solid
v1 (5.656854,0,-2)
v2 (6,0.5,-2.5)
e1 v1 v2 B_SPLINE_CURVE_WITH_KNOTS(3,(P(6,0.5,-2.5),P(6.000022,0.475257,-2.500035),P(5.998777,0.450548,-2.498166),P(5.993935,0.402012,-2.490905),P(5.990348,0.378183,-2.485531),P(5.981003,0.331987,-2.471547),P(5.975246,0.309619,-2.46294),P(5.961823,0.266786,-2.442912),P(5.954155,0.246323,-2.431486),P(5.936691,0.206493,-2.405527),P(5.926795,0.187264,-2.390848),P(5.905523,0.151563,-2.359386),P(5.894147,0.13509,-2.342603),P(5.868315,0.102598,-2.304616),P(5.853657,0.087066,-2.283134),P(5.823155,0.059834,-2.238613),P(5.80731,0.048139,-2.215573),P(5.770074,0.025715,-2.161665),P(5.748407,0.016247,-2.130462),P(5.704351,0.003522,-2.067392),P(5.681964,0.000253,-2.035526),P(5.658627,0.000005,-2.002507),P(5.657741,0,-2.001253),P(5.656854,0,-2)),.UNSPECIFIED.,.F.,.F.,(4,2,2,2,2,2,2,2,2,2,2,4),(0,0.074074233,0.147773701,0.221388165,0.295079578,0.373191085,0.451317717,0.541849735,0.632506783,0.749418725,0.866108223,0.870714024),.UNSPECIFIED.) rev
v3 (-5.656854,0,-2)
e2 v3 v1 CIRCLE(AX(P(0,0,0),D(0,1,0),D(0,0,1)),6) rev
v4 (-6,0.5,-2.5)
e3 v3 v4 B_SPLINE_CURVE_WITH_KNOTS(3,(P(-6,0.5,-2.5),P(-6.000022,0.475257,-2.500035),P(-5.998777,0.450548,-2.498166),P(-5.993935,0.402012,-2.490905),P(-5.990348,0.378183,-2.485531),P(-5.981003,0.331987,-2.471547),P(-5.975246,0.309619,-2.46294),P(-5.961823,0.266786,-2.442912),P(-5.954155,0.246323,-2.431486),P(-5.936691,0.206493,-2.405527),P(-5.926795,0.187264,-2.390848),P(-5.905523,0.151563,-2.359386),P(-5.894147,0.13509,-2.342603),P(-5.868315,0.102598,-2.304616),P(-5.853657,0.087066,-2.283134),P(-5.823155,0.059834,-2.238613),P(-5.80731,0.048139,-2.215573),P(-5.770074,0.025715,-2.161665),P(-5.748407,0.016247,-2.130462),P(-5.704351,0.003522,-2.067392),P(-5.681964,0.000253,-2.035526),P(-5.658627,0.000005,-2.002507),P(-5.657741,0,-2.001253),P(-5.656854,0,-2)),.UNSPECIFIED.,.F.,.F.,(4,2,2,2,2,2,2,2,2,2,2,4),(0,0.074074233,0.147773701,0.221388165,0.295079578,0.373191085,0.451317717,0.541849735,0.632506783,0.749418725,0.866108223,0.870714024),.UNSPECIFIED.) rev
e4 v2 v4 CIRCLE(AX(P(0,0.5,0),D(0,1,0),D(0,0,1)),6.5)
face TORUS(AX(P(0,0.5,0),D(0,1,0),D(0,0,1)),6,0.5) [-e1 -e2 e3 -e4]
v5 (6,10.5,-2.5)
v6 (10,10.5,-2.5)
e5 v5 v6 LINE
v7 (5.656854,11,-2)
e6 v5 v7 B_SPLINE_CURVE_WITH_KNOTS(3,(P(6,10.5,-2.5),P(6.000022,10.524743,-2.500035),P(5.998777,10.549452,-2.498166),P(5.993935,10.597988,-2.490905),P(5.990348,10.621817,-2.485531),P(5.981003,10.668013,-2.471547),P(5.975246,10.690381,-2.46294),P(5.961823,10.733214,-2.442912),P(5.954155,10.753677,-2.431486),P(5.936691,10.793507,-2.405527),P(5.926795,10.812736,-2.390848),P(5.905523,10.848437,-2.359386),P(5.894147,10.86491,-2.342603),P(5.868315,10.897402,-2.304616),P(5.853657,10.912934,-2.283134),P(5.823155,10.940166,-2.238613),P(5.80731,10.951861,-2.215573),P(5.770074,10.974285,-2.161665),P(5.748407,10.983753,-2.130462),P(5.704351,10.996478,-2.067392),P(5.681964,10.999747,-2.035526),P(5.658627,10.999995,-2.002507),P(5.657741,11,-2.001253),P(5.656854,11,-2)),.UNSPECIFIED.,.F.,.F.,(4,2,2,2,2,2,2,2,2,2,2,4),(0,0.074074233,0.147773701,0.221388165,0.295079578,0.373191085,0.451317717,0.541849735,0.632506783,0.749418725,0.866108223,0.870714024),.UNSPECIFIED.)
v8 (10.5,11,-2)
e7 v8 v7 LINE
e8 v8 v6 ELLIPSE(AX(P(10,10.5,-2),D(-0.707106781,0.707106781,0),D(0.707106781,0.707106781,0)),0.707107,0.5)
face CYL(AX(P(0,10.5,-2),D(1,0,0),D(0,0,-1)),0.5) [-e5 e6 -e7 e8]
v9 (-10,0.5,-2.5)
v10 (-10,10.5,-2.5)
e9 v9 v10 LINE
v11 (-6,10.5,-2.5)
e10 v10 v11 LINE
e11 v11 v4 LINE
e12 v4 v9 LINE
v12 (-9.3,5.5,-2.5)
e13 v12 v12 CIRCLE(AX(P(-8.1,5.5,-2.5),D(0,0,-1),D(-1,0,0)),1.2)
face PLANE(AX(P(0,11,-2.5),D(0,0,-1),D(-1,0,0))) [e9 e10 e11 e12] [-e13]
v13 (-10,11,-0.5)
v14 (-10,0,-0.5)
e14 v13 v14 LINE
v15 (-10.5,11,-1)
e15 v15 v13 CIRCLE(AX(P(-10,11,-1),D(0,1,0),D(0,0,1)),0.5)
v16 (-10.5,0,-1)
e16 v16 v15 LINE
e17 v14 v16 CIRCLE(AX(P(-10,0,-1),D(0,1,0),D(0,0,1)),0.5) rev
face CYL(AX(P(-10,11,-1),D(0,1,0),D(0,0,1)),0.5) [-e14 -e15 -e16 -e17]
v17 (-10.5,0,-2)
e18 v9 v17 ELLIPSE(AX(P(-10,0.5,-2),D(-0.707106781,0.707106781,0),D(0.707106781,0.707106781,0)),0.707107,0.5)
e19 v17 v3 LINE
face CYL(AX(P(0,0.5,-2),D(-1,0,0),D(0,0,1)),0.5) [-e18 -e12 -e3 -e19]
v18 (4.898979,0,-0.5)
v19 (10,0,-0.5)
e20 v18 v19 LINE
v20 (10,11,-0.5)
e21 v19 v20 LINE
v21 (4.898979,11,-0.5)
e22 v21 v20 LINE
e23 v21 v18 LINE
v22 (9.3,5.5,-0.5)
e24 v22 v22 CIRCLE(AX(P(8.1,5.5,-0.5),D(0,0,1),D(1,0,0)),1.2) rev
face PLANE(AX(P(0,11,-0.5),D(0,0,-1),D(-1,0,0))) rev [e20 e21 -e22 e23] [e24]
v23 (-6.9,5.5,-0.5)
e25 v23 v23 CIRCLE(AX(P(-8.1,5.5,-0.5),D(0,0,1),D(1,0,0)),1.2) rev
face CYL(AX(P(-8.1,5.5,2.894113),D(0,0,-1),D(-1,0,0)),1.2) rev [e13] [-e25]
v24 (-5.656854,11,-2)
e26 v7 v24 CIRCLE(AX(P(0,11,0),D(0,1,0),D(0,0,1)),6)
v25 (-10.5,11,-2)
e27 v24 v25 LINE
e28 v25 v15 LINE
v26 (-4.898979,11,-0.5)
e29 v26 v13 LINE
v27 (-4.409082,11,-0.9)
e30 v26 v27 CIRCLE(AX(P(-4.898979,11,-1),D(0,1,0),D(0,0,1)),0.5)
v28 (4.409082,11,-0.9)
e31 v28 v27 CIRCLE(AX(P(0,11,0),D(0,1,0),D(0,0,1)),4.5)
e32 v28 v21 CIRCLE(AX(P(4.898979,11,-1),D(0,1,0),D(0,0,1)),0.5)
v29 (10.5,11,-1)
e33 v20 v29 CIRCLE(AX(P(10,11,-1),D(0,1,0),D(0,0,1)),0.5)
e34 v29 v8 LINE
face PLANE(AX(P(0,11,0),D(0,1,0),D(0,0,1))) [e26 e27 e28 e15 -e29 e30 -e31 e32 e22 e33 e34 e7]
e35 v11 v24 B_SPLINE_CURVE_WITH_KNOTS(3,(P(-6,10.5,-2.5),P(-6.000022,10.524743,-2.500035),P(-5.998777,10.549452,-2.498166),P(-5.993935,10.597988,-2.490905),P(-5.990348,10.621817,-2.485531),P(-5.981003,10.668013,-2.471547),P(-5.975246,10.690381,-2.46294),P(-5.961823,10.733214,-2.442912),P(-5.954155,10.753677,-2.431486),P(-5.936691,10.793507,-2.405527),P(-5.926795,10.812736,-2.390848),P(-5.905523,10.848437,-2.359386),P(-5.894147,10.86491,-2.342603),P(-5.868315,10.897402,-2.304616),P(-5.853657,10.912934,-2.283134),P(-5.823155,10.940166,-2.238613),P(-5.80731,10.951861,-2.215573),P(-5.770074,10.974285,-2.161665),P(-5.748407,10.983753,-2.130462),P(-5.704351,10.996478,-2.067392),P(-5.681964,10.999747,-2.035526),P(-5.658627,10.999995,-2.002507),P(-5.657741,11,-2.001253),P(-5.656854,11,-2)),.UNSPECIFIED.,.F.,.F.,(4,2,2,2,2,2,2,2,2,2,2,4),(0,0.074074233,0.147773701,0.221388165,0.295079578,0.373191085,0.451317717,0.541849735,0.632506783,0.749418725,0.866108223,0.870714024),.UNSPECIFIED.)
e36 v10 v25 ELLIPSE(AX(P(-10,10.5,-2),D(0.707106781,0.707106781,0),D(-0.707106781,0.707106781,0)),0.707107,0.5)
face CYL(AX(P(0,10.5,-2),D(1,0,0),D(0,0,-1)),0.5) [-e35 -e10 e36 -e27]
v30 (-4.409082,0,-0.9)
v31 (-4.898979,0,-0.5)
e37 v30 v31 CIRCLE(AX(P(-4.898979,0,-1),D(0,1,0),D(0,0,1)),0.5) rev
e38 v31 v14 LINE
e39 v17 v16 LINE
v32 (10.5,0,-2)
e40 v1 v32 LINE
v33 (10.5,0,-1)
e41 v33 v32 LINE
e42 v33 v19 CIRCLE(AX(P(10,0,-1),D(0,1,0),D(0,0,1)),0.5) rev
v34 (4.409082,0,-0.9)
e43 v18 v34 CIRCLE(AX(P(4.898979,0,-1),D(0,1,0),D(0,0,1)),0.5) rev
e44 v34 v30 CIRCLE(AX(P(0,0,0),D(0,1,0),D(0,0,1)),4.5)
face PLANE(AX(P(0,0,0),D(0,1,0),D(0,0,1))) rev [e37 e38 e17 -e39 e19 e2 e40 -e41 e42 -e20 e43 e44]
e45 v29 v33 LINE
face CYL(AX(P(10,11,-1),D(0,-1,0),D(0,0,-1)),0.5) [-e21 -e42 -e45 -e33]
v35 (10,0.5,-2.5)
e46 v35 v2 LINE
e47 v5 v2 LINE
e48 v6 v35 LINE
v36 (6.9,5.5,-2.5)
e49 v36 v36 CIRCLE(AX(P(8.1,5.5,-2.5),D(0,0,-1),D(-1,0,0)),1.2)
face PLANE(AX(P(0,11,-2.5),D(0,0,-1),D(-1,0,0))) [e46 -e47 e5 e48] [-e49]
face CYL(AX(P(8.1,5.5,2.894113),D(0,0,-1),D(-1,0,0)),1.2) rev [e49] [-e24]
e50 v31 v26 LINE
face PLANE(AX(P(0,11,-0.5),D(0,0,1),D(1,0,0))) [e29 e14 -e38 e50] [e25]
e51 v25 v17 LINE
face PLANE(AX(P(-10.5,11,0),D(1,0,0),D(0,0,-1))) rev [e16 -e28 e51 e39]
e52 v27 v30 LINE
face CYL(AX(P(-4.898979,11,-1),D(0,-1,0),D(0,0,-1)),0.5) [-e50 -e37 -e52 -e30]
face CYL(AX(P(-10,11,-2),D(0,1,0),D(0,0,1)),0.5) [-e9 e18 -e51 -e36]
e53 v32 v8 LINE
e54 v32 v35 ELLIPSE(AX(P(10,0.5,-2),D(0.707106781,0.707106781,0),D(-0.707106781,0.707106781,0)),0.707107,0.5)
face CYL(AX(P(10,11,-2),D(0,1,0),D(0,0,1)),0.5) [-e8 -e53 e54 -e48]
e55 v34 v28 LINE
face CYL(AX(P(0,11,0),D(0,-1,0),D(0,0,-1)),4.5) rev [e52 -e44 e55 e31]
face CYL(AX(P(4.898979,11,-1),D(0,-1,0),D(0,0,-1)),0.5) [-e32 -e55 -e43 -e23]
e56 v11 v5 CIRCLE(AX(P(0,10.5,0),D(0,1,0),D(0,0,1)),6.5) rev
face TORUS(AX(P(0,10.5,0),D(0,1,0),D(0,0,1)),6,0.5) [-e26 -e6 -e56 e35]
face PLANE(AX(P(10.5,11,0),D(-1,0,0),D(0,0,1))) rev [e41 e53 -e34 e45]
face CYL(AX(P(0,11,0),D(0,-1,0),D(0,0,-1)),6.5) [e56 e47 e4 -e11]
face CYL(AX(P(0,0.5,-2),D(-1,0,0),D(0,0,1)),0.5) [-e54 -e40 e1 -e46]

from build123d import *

# Parameters (mm, degrees)
BOSS_EXTRUDE1_DEPTH = 11
SKETCH2_R           = 1.2
CUT_EXTRUDE1_DEPTH  = 2
FILLET1_R           = 0.5


with BuildPart() as part:
    # Sketch1 → Boss-Extrude1 (new body)
    with BuildSketch(Plane(origin=(0, 0, 0), x_dir=(1, 0, 0), z_dir=(0, 1, 0))):
        with BuildLine():
            Line((6, 2.5), (10.5, 2.5))
            Line((10.5, 2.5), (10.5, 0.5))
            Line((10.5, 0.5), (6.480740698, 0.5))
            Line((6.480740698, 0.5), (4.472135955, 0.5))
            ThreePointArc((4.472135955, 0.5), (0, 4.5), (-4.472135955, 0.5))
            Line((-4.472135955, 0.5), (-6.480740698, 0.5))
            Line((-6.480740698, 0.5), (-10.5, 0.5))
            Line((-10.5, 0.5), (-10.5, 2.5))
            Line((-10.5, 2.5), (-6, 2.5))
            ThreePointArc((-6, 2.5), (0, 6.5), (6, 2.5))
        make_face()
    extrude(amount=BOSS_EXTRUDE1_DEPTH)

    # Sketch2 → Cut-Extrude1 (cut)
    with BuildSketch(Plane(origin=(0, 0, -2.5), x_dir=(-1, 0, 0), z_dir=(0, 0, -1))):
        with Locations((-8.1, 5.5)):
            Circle(SKETCH2_R)
        with Locations((8.1, 5.5)):
            Circle(SKETCH2_R)
    extrude(amount=-CUT_EXTRUDE1_DEPTH, mode=Mode.SUBTRACT)

    # Fillet1
    fillet1_edges = [part.edges().sort_by_distance(p)[0] for p in [
        (0, 11, -6.5),
        (-8.25, 0, -2.5),
        (0, 0, -6.5),
        (8.25, 0, -2.5),
        (-8.25, 11, -2.5),
        (10.5, 5.5, -2.5),
        (10.5, 5.5, -0.5),
        (4.472135955, 5.5, -0.5),
        (-4.472135955, 5.5, -0.5),
        (-10.5, 5.5, -0.5),
        (-10.5, 5.5, -2.5),
        (8.25, 11, -2.5),
    ]]
    fillet(fillet1_edges, radius=FILLET1_R)


solid = part.part
